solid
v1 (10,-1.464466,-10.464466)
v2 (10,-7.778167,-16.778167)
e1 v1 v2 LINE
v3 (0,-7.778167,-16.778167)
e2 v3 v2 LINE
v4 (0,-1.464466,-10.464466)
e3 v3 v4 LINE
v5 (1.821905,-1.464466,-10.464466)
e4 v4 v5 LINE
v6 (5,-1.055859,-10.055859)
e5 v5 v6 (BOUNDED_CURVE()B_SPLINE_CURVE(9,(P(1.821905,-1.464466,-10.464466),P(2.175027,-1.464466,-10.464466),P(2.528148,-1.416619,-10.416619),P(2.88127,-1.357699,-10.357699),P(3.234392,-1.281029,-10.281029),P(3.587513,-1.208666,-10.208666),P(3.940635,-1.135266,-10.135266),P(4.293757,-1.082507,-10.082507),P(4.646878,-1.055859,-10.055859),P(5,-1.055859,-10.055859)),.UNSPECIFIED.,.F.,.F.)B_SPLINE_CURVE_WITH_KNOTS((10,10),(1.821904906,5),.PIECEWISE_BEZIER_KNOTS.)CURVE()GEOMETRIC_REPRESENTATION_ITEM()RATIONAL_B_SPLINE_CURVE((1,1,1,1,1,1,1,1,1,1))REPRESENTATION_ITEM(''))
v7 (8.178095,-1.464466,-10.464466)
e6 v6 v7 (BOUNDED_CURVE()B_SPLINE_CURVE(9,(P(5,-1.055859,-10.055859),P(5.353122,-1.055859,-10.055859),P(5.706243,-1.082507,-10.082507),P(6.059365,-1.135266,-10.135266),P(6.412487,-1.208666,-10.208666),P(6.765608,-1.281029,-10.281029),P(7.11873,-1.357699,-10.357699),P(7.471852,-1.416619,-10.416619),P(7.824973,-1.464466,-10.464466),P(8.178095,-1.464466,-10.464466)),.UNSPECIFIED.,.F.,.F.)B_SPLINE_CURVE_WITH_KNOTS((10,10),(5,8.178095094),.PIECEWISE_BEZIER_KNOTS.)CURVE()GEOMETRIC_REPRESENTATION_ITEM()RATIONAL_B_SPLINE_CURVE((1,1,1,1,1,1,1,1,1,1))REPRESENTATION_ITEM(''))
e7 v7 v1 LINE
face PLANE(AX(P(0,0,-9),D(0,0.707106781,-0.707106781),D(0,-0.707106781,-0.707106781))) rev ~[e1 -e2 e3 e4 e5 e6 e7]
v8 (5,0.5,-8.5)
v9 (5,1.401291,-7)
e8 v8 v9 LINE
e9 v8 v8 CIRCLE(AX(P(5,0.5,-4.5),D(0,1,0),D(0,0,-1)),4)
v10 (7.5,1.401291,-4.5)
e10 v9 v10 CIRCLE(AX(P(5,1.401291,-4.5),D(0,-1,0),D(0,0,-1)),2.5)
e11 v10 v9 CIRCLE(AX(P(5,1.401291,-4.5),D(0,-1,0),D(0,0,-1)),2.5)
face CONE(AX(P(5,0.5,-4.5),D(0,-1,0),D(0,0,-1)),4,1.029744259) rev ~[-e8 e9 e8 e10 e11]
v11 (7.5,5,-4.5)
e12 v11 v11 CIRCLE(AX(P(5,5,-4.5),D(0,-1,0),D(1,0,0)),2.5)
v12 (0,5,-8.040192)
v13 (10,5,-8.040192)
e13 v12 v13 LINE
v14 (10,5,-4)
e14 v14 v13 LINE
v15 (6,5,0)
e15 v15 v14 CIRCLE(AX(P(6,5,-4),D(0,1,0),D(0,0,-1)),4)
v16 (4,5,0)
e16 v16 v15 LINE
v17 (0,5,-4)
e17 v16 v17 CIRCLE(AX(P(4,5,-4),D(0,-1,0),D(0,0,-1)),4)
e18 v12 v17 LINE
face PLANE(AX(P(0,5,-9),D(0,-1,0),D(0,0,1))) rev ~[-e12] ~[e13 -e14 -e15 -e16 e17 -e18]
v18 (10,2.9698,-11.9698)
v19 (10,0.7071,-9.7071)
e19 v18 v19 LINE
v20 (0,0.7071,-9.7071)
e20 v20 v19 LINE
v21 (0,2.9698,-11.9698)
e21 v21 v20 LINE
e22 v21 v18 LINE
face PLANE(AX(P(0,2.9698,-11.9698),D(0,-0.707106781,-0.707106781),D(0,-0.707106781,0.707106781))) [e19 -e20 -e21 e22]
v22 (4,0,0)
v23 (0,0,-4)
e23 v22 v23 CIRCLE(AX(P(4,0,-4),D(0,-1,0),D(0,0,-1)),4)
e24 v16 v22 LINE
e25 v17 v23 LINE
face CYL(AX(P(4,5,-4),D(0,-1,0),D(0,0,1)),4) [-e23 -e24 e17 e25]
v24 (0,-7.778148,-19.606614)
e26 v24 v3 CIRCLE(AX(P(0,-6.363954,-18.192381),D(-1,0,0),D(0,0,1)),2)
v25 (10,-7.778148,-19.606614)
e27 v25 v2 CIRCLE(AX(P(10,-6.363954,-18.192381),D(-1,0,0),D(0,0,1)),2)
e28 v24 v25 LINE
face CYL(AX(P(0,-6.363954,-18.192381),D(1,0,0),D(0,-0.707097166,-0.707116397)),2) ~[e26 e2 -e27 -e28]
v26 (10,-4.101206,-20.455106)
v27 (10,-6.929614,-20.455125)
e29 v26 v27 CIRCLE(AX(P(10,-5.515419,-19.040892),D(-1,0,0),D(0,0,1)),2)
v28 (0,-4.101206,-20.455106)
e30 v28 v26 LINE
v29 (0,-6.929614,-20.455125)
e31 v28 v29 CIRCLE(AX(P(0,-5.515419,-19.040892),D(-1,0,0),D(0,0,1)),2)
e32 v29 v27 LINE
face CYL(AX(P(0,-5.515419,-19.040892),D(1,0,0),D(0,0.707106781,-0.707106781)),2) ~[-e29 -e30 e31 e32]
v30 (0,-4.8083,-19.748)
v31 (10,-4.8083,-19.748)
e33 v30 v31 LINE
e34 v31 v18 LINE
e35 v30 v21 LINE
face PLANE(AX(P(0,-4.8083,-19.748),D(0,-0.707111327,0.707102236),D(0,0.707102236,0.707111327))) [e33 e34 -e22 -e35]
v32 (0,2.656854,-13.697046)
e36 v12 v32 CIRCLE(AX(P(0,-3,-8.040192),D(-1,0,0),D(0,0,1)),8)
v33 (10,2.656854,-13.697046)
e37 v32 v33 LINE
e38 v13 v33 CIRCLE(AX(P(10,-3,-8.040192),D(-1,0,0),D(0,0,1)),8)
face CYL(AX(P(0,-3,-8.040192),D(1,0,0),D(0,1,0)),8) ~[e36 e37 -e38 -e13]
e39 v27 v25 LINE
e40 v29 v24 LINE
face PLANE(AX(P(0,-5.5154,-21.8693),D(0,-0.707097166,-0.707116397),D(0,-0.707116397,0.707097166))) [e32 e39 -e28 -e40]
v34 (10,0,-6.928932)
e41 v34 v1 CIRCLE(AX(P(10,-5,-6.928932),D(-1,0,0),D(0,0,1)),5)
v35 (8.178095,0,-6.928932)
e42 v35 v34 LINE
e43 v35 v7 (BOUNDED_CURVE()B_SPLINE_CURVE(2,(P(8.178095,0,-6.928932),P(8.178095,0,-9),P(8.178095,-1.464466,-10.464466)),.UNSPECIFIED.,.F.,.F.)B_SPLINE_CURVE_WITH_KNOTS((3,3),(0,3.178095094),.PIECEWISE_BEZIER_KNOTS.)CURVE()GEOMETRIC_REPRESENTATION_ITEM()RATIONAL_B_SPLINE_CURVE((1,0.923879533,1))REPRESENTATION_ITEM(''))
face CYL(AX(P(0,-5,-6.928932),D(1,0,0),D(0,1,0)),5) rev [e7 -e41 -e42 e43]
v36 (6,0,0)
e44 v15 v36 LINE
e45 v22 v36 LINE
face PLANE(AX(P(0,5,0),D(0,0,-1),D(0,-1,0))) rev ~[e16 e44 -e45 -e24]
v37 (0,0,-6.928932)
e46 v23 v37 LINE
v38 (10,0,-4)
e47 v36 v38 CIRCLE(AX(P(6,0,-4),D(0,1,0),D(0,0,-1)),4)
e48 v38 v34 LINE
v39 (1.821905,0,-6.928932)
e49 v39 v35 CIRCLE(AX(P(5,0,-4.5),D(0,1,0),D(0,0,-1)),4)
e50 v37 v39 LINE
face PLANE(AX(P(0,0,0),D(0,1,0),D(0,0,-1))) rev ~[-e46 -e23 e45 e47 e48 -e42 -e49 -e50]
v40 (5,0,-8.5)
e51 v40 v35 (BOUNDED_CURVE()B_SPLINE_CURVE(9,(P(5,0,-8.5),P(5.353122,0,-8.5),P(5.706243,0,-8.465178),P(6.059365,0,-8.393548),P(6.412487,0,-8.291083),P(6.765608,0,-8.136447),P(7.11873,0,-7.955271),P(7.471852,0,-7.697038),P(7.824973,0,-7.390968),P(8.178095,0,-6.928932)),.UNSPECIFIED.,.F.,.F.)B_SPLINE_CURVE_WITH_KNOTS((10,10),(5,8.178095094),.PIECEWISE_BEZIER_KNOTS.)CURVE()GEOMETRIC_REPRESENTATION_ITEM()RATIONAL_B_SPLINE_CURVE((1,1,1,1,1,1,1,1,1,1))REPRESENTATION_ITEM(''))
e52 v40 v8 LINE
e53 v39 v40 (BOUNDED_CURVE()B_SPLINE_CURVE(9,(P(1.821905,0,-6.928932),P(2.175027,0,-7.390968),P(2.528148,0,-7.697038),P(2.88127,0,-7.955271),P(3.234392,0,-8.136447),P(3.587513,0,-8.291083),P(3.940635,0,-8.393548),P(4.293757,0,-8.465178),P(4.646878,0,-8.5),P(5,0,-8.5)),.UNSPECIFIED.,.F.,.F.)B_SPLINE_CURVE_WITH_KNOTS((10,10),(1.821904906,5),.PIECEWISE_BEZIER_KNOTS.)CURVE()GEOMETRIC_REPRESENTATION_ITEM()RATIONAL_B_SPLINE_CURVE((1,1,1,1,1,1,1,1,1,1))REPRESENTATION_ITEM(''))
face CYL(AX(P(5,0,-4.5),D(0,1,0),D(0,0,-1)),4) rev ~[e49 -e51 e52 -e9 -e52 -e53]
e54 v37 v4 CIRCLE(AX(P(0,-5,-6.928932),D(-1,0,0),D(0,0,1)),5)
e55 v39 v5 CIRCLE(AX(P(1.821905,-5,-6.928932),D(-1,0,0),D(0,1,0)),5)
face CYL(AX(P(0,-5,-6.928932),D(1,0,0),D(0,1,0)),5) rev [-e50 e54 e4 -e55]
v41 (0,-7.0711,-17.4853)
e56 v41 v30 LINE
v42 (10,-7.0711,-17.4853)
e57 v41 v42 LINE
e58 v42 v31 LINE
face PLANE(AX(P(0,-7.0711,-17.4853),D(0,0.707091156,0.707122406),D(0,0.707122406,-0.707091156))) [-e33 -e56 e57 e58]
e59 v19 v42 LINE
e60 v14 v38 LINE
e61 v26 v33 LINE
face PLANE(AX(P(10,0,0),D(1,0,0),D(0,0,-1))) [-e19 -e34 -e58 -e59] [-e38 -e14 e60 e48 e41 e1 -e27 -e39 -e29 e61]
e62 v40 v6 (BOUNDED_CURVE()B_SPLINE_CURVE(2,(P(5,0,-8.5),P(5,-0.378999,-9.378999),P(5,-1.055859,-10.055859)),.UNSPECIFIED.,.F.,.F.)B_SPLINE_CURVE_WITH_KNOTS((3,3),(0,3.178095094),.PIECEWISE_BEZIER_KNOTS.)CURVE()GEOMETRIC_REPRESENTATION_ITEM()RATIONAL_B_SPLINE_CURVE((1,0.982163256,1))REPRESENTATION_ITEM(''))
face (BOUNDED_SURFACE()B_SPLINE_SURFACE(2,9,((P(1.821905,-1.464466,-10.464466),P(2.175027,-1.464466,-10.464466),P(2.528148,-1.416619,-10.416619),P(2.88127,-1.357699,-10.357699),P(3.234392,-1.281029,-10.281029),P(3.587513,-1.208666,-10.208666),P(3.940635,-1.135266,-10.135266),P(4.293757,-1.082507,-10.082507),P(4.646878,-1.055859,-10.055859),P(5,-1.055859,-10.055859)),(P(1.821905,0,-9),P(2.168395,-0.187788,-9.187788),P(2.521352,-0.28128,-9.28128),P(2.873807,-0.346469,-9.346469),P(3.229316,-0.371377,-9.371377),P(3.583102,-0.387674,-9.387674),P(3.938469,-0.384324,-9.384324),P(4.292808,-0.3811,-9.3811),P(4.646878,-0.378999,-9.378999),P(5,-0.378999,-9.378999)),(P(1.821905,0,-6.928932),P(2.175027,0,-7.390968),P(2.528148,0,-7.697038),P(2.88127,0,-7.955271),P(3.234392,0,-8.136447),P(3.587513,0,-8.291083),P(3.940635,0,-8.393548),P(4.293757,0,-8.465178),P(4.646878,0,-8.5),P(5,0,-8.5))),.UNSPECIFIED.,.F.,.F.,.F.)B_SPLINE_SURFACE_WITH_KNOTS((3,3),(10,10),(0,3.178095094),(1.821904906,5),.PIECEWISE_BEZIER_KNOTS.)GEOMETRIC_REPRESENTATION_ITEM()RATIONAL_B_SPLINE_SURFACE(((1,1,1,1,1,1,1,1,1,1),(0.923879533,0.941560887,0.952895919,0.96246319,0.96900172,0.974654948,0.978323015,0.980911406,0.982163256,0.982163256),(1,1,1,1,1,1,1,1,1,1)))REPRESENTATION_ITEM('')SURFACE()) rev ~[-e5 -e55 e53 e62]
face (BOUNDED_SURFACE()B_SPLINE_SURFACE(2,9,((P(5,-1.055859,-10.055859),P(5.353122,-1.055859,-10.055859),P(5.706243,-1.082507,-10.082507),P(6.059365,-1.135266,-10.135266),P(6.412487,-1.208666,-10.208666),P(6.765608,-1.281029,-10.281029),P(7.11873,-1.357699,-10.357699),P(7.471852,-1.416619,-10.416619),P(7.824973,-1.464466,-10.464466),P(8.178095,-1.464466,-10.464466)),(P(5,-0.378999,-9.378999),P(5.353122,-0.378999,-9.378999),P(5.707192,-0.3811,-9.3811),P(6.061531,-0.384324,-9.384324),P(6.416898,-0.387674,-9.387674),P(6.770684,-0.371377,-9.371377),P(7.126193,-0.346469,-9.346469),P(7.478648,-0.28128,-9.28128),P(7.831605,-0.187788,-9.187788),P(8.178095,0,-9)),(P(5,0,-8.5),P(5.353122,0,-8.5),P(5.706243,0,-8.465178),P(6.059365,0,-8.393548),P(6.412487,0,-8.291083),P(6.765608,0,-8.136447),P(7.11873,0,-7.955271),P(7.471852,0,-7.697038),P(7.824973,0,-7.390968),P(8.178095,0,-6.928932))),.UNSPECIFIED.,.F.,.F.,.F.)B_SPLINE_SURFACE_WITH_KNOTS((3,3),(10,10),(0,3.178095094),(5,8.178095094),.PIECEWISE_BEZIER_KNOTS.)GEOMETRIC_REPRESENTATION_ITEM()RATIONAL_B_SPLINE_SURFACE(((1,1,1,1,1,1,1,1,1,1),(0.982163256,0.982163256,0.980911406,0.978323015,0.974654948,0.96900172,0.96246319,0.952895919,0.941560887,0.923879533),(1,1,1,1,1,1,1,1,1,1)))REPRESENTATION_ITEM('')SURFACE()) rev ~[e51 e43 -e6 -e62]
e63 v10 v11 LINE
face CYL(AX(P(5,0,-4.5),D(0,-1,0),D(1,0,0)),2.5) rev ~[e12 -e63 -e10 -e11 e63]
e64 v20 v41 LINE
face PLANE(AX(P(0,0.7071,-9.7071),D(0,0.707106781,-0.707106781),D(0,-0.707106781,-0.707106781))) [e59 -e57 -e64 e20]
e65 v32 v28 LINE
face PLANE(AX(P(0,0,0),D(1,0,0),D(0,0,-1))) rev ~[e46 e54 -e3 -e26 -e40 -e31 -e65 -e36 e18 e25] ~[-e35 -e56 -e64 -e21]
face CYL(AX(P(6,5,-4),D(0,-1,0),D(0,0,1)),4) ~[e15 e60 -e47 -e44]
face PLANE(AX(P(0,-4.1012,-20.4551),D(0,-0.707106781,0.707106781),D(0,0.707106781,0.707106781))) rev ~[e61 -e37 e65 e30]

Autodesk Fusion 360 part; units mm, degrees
sketch "Sketch1" plane through (0, 0, 0) normal (1, 0, 0) x (0, 0, -1)
  line L0 (0, 0) -> (9, 0)
  line L1 (9, 0) -> (9, 5)
  line L2 (9, 5) -> (0, 5)
  line L3 (0, 5) -> (0, 0)
  line L4 (9, 0) -> (16.7782, -7.7782)
  line L5 (9, 0) -> (10, 0) construction
  line L6 (16.7782, -7.7782) -> (17.4853, -7.0711)
  line L7 (9, 0) -> (9.7071, 0.7071)
  line L8 (9.7071, 0.7071) -> (17.4853, -7.0711)
  line L9 (17.4853, -7.0711) -> (19.748, -4.8083)
  line L10 (16.7782, -7.7782) -> (18.1924, -9.1924)
  line L11 (19.748, -4.8083) -> (20.4551, -4.1012)
  line L12 (20.4551, -4.1012) -> (21.8693, -5.5154)
  line L13 (21.8693, -5.5154) -> (18.1924, -9.1924)
  line L14 (19.748, -4.8083) -> (11.9698, 2.9698)
  line L15 (11.9698, 2.9698) -> (9.7071, 0.7071)
  line L16 (20.4551, -4.1012) -> (11.3539, 5)
  line L17 (11.3539, 5) -> (9, 5)
  dimension "d1" = 9
  dimension "d2" = 5
  dimension "d3" = 45
  dimension "d4" = 11
  dimension "d5" = 1
  dimension "d6" = 1
  dimension "d7" = 3.2
  dimension "d8" = 2
  dimension "d9" = 1
  dimension "d10" = 2
extrude "Extrude1" add sketch "Sketch1" along normal blind 10 contours L0 L1 L2 L3 | L4 L6 L7 L8 | L1 L7 L11 L14 L15 L16 L17 | L6 L9 L10 L11 L12 L13
sketch "Sketch2" plane through (0, 0, 0) normal (0, -1, 0) x (1, 0, 0)
  line L0 (0, 0) -> (0, -9)
  line L1 (0, -9) -> (10, -9)
  line L2 (10, -9) -> (10, 0)
  line L3 (10, 0) -> (0, 0)
  circle A0 centre (5, -4.5) radius 2.5
  line L4 (0, -4.5) -> (5, -4.5)
  dimension "d13" = 5
extrude "Extrude2" cut sketch "Sketch2" against normal blind 5 contours A0
hole "Hole1" at (5, 0, -4.5) direction (0, 1, 0) diameter 8 depth 0.5 tip angle 118
fillet "Fillet1" radius 4 2 edges at (10, 2.5, 0) (0, 2.5, 0)
fillet "Fillet2" radius 5 1 edges at (5, 0, -9)
fillet "Fillet3" radius 8 1 edges at (5, 5, -11.3539)
fillet "Fillet4" radius 2 2 edges at (5, -9.1924, -18.1924) (5, -5.5154, -21.8693)
